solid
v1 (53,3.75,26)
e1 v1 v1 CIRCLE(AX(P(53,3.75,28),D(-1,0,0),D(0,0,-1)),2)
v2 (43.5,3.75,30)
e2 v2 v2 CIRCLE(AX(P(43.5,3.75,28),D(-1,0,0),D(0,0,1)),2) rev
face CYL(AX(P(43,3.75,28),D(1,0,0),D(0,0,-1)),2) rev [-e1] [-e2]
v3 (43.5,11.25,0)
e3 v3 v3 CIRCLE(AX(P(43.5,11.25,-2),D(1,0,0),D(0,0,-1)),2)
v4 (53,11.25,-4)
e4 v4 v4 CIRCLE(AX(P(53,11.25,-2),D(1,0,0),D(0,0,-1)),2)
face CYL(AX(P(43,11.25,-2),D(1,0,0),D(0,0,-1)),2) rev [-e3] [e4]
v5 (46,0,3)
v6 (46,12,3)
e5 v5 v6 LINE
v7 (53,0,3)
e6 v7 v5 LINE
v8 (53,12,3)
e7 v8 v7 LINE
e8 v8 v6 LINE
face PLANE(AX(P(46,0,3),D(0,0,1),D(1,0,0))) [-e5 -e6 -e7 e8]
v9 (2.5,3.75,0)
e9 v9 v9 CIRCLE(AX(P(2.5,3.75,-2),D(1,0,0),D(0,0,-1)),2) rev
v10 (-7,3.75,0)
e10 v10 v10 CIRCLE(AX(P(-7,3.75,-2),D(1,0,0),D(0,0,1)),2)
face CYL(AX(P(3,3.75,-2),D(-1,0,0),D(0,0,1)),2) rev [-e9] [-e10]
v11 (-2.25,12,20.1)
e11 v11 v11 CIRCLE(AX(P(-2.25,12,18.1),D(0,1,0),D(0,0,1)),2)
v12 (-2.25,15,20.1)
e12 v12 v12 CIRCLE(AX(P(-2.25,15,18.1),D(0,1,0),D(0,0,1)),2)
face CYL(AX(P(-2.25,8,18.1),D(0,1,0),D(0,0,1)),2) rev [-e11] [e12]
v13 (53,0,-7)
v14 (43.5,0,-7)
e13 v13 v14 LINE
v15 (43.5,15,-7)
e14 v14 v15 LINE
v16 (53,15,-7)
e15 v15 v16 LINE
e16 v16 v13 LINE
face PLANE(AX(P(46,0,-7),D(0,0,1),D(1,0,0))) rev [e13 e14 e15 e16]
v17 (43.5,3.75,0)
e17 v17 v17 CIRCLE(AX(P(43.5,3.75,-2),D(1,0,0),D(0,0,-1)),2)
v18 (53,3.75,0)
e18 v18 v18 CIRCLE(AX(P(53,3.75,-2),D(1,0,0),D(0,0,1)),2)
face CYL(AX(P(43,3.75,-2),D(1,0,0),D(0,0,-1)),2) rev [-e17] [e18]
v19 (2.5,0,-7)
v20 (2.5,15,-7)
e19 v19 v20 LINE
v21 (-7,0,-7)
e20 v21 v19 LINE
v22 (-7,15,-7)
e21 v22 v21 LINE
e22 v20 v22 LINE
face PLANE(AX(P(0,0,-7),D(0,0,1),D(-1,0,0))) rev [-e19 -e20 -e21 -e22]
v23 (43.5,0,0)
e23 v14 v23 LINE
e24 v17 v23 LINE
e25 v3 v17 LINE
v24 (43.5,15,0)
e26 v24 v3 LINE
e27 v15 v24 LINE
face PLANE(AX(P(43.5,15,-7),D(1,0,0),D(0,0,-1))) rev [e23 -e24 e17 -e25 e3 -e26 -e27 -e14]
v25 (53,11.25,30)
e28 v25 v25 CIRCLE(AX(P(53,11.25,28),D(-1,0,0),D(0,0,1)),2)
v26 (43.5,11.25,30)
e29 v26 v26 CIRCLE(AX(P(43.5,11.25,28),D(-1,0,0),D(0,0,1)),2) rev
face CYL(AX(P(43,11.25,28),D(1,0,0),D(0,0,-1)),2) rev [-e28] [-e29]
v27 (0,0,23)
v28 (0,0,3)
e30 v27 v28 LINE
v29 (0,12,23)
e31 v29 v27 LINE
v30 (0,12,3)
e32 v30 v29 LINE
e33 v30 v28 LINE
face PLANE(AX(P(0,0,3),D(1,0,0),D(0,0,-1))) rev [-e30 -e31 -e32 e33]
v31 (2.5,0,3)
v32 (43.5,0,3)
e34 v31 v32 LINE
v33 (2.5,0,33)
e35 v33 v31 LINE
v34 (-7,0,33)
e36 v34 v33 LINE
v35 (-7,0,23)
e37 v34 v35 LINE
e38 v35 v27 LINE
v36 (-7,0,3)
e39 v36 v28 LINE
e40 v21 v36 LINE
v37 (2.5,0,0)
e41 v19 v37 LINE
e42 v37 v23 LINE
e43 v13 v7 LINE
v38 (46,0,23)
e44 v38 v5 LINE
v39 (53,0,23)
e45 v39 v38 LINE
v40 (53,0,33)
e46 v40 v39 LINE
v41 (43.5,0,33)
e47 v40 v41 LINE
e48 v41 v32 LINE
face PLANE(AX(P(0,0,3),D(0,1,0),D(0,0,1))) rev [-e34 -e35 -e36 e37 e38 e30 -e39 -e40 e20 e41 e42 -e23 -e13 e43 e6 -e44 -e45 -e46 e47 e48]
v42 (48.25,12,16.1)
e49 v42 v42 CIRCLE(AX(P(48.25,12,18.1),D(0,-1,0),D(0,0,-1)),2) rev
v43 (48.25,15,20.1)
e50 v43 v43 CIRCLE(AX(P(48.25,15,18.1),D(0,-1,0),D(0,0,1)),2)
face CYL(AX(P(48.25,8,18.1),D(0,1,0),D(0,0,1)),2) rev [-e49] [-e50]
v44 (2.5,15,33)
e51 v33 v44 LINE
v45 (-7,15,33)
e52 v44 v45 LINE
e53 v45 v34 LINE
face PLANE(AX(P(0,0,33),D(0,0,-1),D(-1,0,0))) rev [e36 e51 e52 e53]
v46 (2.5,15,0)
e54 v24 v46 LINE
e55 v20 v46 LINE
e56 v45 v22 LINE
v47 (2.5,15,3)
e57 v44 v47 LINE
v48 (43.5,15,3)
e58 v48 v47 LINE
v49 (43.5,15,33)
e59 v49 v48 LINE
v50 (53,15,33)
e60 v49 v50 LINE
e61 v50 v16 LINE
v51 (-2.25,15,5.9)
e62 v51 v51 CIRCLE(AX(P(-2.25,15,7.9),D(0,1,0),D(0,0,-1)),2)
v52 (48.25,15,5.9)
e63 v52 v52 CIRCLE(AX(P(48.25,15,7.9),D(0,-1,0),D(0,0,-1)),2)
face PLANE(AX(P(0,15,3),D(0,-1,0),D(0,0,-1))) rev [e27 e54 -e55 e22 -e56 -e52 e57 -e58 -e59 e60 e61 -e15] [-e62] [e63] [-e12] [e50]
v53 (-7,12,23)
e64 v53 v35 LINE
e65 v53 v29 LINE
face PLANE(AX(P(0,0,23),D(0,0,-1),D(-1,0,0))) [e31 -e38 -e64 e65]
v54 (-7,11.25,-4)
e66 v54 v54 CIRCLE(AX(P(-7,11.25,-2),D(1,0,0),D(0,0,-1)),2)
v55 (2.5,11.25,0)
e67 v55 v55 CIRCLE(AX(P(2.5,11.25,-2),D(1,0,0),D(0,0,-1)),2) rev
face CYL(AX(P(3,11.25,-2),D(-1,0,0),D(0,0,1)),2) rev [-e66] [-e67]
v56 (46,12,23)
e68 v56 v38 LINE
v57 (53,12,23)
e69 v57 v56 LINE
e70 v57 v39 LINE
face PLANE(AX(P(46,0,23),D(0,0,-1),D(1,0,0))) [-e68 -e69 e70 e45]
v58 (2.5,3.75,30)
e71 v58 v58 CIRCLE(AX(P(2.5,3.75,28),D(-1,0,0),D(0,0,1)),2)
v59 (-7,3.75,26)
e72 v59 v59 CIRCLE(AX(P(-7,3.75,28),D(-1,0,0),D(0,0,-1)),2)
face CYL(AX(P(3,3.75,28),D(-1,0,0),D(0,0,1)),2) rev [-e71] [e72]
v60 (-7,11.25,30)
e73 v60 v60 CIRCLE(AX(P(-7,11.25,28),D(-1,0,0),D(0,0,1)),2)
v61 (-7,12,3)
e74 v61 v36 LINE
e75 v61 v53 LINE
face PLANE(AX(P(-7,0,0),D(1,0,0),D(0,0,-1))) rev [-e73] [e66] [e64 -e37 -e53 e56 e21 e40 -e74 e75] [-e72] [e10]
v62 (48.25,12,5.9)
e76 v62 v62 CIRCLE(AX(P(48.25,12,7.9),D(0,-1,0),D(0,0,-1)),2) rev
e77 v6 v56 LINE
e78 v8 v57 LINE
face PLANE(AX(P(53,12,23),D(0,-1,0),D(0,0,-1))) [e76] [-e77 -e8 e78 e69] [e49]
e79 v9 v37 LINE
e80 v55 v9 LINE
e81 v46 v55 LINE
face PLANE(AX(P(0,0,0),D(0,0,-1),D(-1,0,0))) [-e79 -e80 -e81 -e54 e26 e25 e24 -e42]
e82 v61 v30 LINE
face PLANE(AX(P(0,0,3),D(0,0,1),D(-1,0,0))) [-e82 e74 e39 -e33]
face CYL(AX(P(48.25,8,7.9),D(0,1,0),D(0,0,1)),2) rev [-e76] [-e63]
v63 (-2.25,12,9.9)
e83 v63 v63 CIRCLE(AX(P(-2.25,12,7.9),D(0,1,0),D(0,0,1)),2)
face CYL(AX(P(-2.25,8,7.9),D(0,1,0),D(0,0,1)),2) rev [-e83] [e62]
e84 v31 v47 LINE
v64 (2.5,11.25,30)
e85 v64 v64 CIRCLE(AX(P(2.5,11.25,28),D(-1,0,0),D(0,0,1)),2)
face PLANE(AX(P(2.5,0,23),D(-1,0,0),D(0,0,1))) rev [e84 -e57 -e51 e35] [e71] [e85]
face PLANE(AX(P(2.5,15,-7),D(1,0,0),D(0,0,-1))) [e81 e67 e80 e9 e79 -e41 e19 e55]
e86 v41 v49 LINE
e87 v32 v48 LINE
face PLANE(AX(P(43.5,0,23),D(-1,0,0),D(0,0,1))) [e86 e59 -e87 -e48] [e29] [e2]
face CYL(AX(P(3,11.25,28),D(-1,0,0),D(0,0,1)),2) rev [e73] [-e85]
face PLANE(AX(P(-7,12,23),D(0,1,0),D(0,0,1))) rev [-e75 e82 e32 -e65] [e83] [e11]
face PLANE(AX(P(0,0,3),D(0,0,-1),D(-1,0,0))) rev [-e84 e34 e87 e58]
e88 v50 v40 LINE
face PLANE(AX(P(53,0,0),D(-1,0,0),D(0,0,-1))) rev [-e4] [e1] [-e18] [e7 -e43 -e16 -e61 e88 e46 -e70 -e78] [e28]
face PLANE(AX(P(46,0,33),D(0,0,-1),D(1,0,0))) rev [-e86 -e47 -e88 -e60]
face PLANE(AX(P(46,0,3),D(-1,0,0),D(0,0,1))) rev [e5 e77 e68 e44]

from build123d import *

# Parameters (mm, degrees)
SKETCH1_W               = 46
SKETCH1_H               = 15
BOSS_EXTRUDE1_DEPTH     = 3
SKETCH3_W               = 2.5
SKETCH3_H               = 15
BOSS_EXTRUDE2_DEPTH     = 20
SKETCH4_W               = 20
SKETCH4_H               = 3
BOSS_EXTRUDE3_DEPTH     = 7
SKETCH5_R               = 2
CUT_EXTRUDE1_DEPTH      = 7
SKETCH7_W               = 9.5
SKETCH7_H               = 15
BOSS_EXTRUDE4_DEPTH     = 10
SKETCH8_R               = 2
CUT_EXTRUDE2_DEPTH      = 10
MIRROR3_COPY_1_SKETCH_W = 9.5
MIRROR3_COPY_1_SKETCH_H = 15
MIRROR3_COPY_1_DEPTH    = 10
MIRROR3_COPY_2_SKETCH_R = 2
MIRROR3_COPY_2_DEPTH    = 10


with BuildPart() as part:
    # Sketch1 → Boss-Extrude1 (new body)
    with BuildSketch(Plane.XY):
        with Locations((23, 7.5)):
            Rectangle(SKETCH1_W, SKETCH1_H)
    extrude(amount=BOSS_EXTRUDE1_DEPTH)

    # Sketch3 → Boss-Extrude2 (add)
    with BuildSketch(Plane.XY.offset(3)):
        with Locations((1.25, 7.5)):
            Rectangle(SKETCH3_W, SKETCH3_H)
    boss_extrude2 = extrude(amount=BOSS_EXTRUDE2_DEPTH)

    # Sketch4 → Boss-Extrude3 (add)
    with BuildSketch(Plane.ZY):
        with Locations((13, 13.5)):
            Rectangle(SKETCH4_W, SKETCH4_H)
    boss_extrude3 = extrude(amount=BOSS_EXTRUDE3_DEPTH)

    # Sketch5 → Cut-Extrude1 (cut)
    with BuildSketch(Plane(origin=(0, 15, 0), x_dir=(1, 0, 0), z_dir=(0, 1, 0))):
        with Locations(Location((-2.25, -18.1, 0), (0, 0, 270))):
            Circle(SKETCH5_R)
        with Locations(Location((-2.25, -7.9, 0), (0, 0, 270))):
            Circle(SKETCH5_R)
    cut_extrude1 = extrude(amount=-CUT_EXTRUDE1_DEPTH, mode=Mode.SUBTRACT)

    # Mirror1: Boss-Extrude2, Boss-Extrude3, Cut-Extrude1 across plane
    add(boss_extrude2.mirror(Plane(origin=(23, 0, 0), x_dir=(0, 0, 1), z_dir=(1, 0, 0))))
    add(boss_extrude3.mirror(Plane(origin=(23, 0, 0), x_dir=(0, 0, 1), z_dir=(1, 0, 0))))
    add(cut_extrude1.mirror(Plane(origin=(23, 0, 0), x_dir=(0, 0, 1), z_dir=(1, 0, 0))), mode=Mode.SUBTRACT)

    # Sketch7 → Boss-Extrude4 (add)
    with BuildSketch(Plane.XY.offset(23)):
        with Locations((-2.25, 7.5)):
            Rectangle(SKETCH7_W, SKETCH7_H)
    boss_extrude4 = extrude(amount=BOSS_EXTRUDE4_DEPTH)

    # Sketch8 → Cut-Extrude2 (cut)
    with BuildSketch(Plane.ZY.offset(7)):
        with Locations((28, 11.25)):
            Circle(SKETCH8_R)
        with Locations((28, 3.75)):
            Circle(SKETCH8_R)
    cut_extrude2 = extrude(amount=-CUT_EXTRUDE2_DEPTH, mode=Mode.SUBTRACT)

    # Mirror2: Boss-Extrude4, Cut-Extrude2 across plane
    add(boss_extrude4.mirror(Plane(origin=(23, 0, 0), x_dir=(0, 0, 1), z_dir=(1, 0, 0))))
    add(cut_extrude2.mirror(Plane(origin=(23, 0, 0), x_dir=(0, 0, 1), z_dir=(1, 0, 0))), mode=Mode.SUBTRACT)

    # Mirror3: Boss-Extrude4, Cut-Extrude2 across plane
    add(boss_extrude4.mirror(Plane.XY.offset(13)))
    add(cut_extrude2.mirror(Plane.XY.offset(13)), mode=Mode.SUBTRACT)

    # Mirror3 copy 1 sketch → Mirror3 copy 1 (add)
    with BuildSketch(Plane(origin=(46, 0, 3), x_dir=(-1, 0, 0), z_dir=(0, 0, -1))):
        with Locations((-2.25, 7.5)):
            Rectangle(MIRROR3_COPY_1_SKETCH_W, MIRROR3_COPY_1_SKETCH_H)
    extrude(amount=MIRROR3_COPY_1_DEPTH)

    # Mirror3 copy 2 sketch → Mirror3 copy 2 (cut)
    with BuildSketch(Plane(origin=(53, 0, 26), x_dir=(0, 0, -1), z_dir=(1, 0, 0))):
        with Locations((28, 11.25)):
            Circle(MIRROR3_COPY_2_SKETCH_R)
        with Locations((28, 3.75)):
            Circle(MIRROR3_COPY_2_SKETCH_R)
    extrude(amount=-MIRROR3_COPY_2_DEPTH, mode=Mode.SUBTRACT)


solid = part.part
